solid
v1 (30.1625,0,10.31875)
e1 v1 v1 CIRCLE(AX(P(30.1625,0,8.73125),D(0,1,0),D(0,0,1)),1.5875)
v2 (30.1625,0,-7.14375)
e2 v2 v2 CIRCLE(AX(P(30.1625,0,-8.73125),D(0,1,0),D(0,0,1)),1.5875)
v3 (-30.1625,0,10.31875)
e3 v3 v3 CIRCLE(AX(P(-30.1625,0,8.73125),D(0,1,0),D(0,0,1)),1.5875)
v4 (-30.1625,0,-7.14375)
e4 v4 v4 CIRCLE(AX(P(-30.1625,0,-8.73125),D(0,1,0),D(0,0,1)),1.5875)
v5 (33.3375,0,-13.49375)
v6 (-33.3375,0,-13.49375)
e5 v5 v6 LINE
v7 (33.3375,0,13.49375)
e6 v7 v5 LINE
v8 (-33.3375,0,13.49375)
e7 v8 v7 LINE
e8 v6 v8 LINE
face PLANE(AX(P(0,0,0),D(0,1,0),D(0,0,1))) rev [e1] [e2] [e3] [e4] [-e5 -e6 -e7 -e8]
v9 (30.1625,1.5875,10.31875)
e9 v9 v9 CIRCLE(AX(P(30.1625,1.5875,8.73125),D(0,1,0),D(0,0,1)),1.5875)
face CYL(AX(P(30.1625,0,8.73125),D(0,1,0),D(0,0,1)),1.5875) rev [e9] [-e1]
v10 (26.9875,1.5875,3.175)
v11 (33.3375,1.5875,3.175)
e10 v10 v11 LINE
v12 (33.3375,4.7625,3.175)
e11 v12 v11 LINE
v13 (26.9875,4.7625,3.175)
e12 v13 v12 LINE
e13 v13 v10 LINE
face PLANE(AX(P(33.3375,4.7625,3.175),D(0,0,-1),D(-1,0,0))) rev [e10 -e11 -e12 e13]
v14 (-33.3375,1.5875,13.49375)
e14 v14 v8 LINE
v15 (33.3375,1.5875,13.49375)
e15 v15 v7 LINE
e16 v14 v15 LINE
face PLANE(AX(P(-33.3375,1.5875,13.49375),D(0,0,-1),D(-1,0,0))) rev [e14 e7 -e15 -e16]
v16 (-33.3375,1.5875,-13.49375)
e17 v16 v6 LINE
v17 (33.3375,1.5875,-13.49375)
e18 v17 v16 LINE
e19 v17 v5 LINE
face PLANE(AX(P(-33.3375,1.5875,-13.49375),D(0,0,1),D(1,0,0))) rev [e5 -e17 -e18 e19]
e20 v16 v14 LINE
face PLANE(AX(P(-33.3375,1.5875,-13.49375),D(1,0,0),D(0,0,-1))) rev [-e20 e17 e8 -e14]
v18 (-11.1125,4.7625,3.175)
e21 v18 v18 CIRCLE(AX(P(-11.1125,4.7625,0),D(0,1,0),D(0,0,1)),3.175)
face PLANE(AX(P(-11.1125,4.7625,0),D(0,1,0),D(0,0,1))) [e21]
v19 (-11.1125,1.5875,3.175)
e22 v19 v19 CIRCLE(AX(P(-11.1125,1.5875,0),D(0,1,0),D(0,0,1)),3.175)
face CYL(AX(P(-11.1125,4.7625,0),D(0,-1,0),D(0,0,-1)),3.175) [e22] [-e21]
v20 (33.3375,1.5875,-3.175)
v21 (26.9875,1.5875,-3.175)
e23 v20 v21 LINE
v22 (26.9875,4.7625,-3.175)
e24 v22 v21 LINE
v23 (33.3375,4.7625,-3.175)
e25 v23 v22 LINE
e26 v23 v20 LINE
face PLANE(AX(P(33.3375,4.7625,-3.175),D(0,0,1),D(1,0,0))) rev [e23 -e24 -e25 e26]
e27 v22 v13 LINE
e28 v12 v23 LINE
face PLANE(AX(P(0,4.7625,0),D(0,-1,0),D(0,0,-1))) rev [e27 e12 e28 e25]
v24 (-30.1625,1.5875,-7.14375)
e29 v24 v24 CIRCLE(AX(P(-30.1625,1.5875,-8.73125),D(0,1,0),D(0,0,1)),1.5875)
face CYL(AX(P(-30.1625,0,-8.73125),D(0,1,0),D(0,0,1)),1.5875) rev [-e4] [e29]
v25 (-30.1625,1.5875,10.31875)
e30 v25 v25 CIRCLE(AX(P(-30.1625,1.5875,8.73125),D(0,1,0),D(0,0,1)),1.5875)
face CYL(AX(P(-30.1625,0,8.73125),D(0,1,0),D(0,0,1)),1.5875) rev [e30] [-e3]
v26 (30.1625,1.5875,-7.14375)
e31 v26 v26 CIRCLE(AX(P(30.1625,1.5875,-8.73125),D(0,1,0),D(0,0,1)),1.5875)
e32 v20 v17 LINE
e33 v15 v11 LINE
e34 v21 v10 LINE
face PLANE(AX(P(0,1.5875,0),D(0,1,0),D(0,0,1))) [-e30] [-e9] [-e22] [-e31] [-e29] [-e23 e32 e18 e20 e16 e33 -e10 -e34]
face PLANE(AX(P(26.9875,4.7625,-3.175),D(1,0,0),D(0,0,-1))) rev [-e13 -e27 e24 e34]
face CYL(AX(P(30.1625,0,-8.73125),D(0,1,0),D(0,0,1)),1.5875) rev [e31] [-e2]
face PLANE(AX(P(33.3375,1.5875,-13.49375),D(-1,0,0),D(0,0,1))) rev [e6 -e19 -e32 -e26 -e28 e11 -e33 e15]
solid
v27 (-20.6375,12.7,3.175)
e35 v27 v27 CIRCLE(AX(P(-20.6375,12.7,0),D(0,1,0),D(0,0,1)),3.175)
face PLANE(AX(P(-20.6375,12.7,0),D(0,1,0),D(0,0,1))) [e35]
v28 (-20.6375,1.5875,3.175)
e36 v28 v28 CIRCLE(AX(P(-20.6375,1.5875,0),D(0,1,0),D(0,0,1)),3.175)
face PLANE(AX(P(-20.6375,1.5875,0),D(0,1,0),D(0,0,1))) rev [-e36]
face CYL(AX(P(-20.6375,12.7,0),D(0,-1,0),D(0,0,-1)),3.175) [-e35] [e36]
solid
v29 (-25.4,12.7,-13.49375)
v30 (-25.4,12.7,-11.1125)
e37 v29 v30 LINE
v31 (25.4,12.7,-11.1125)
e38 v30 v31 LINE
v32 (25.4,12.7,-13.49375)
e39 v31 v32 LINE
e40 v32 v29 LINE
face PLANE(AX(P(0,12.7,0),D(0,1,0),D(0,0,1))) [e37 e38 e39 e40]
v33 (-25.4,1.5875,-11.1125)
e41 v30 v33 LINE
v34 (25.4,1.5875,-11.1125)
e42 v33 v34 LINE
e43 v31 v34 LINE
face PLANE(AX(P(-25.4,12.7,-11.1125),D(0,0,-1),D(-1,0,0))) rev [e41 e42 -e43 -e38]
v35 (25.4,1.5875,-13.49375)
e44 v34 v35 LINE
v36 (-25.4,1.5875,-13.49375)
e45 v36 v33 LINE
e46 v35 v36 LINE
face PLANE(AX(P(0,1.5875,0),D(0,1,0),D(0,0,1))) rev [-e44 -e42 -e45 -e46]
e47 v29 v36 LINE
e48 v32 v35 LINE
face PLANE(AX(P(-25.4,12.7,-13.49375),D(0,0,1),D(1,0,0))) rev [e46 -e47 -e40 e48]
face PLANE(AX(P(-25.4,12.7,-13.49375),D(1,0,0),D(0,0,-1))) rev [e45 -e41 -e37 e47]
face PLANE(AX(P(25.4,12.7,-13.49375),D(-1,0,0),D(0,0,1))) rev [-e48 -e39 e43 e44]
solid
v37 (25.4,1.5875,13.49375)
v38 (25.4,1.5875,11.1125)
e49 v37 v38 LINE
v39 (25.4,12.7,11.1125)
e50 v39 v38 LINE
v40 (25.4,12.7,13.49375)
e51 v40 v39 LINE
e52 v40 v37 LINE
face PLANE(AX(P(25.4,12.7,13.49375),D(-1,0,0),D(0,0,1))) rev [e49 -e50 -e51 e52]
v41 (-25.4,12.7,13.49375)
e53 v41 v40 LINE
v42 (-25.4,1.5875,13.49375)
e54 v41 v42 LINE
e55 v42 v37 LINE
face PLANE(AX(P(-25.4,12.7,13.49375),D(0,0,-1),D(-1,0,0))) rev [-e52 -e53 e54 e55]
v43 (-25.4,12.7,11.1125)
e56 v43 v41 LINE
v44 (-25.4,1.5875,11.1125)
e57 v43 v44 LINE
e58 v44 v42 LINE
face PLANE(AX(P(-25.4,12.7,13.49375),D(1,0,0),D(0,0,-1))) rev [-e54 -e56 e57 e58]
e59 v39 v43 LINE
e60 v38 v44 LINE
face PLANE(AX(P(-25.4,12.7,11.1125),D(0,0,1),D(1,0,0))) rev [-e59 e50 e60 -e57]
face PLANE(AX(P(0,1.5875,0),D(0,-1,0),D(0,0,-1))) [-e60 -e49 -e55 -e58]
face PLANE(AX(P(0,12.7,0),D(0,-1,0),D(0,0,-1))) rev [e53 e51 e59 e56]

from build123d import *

# Parameters (mm, degrees)
SKETCH1_W             = 66.675
SKETCH1_H             = 26.9875
BOSS_EXTRUDE1_DEPTH   = 1.5875
SKETCH2_R             = 3.175
BOSS_EXTRUDE2_DEPTH   = 11.1125
SKETCH2_W             = 50.8
SKETCH2_H             = 2.38125
BOSS_EXTRUDE2_2_DEPTH = 11.1125
BOSS_EXTRUDE2_3_DEPTH = 11.1125
SKETCH3_R             = 3.175
SKETCH3_W             = 6.35
SKETCH3_H             = 6.35
BOSS_EXTRUDE3_DEPTH   = 3.175
SKETCH4_R             = 1.5875
CUT_EXTRUDE1_DEPTH    = 38.642500602


with BuildPart() as part:
    # Sketch1 → Boss-Extrude1 (new body)
    with BuildSketch(Plane(origin=(0, 0, 0), x_dir=(1, 0, 0), z_dir=(0, 1, 0))):
        Rectangle(SKETCH1_W, SKETCH1_H)
    extrude(amount=BOSS_EXTRUDE1_DEPTH)

    # Sketch3 → Boss-Extrude3 (add)
    with BuildSketch(Plane(origin=(0, 1.5875, 0), x_dir=(1, 0, 0), z_dir=(0, 1, 0))):
        with Locations(Location((-11.1125, 0, 0), (0, 0, 270))):
            Circle(SKETCH3_R)
        with Locations((30.1625, 0)):
            Rectangle(SKETCH3_W, SKETCH3_H)
    extrude(amount=BOSS_EXTRUDE3_DEPTH)

    # Sketch4 → Cut-Extrude1 (cut, through all)
    with BuildSketch(Plane(origin=(0, 1.5875, 0), x_dir=(1, 0, 0), z_dir=(0, 1, 0))):
        with Locations(Location((30.1625, -8.73125, 0), (0, 0, 270))):
            Circle(SKETCH4_R)
        with Locations(Location((30.1625, 8.73125, 0), (0, 0, 270))):
            Circle(SKETCH4_R)
        with Locations(Location((-30.1625, 8.73125, 0), (0, 0, 270))):
            Circle(SKETCH4_R)
        with Locations(Location((-30.1625, -8.73125, 0), (0, 0, 270))):
            Circle(SKETCH4_R)
    extrude(amount=-CUT_EXTRUDE1_DEPTH, mode=Mode.SUBTRACT)


with BuildPart() as body_2:
    # Sketch2 → Boss-Extrude2 (new body)
    with BuildSketch(Plane(origin=(0, 1.5875, 0), x_dir=(1, 0, 0), z_dir=(0, 1, 0))):
        with Locations(Location((-20.6375, 0, 0), (0, 0, 270))):
            Circle(SKETCH2_R)
    extrude(amount=BOSS_EXTRUDE2_DEPTH)


with BuildPart() as body_3:
    # Sketch2 → Boss-Extrude2 2 (new body)
    with BuildSketch(Plane(origin=(0, 1.5875, 0), x_dir=(1, 0, 0), z_dir=(0, 1, 0))):
        with Locations((0, 12.303125)):
            Rectangle(SKETCH2_W, SKETCH2_H)
    extrude(amount=BOSS_EXTRUDE2_2_DEPTH)


with BuildPart() as body_4:
    # Sketch2 → Boss-Extrude2 3 (new body)
    with BuildSketch(Plane(origin=(0, 1.5875, 0), x_dir=(1, 0, 0), z_dir=(0, 1, 0))):
        with Locations((0, -12.303125)):
            Rectangle(SKETCH2_W, SKETCH2_H)
    extrude(amount=BOSS_EXTRUDE2_3_DEPTH)


solid = Compound([part.part, body_2.part, body_3.part, body_4.part])
